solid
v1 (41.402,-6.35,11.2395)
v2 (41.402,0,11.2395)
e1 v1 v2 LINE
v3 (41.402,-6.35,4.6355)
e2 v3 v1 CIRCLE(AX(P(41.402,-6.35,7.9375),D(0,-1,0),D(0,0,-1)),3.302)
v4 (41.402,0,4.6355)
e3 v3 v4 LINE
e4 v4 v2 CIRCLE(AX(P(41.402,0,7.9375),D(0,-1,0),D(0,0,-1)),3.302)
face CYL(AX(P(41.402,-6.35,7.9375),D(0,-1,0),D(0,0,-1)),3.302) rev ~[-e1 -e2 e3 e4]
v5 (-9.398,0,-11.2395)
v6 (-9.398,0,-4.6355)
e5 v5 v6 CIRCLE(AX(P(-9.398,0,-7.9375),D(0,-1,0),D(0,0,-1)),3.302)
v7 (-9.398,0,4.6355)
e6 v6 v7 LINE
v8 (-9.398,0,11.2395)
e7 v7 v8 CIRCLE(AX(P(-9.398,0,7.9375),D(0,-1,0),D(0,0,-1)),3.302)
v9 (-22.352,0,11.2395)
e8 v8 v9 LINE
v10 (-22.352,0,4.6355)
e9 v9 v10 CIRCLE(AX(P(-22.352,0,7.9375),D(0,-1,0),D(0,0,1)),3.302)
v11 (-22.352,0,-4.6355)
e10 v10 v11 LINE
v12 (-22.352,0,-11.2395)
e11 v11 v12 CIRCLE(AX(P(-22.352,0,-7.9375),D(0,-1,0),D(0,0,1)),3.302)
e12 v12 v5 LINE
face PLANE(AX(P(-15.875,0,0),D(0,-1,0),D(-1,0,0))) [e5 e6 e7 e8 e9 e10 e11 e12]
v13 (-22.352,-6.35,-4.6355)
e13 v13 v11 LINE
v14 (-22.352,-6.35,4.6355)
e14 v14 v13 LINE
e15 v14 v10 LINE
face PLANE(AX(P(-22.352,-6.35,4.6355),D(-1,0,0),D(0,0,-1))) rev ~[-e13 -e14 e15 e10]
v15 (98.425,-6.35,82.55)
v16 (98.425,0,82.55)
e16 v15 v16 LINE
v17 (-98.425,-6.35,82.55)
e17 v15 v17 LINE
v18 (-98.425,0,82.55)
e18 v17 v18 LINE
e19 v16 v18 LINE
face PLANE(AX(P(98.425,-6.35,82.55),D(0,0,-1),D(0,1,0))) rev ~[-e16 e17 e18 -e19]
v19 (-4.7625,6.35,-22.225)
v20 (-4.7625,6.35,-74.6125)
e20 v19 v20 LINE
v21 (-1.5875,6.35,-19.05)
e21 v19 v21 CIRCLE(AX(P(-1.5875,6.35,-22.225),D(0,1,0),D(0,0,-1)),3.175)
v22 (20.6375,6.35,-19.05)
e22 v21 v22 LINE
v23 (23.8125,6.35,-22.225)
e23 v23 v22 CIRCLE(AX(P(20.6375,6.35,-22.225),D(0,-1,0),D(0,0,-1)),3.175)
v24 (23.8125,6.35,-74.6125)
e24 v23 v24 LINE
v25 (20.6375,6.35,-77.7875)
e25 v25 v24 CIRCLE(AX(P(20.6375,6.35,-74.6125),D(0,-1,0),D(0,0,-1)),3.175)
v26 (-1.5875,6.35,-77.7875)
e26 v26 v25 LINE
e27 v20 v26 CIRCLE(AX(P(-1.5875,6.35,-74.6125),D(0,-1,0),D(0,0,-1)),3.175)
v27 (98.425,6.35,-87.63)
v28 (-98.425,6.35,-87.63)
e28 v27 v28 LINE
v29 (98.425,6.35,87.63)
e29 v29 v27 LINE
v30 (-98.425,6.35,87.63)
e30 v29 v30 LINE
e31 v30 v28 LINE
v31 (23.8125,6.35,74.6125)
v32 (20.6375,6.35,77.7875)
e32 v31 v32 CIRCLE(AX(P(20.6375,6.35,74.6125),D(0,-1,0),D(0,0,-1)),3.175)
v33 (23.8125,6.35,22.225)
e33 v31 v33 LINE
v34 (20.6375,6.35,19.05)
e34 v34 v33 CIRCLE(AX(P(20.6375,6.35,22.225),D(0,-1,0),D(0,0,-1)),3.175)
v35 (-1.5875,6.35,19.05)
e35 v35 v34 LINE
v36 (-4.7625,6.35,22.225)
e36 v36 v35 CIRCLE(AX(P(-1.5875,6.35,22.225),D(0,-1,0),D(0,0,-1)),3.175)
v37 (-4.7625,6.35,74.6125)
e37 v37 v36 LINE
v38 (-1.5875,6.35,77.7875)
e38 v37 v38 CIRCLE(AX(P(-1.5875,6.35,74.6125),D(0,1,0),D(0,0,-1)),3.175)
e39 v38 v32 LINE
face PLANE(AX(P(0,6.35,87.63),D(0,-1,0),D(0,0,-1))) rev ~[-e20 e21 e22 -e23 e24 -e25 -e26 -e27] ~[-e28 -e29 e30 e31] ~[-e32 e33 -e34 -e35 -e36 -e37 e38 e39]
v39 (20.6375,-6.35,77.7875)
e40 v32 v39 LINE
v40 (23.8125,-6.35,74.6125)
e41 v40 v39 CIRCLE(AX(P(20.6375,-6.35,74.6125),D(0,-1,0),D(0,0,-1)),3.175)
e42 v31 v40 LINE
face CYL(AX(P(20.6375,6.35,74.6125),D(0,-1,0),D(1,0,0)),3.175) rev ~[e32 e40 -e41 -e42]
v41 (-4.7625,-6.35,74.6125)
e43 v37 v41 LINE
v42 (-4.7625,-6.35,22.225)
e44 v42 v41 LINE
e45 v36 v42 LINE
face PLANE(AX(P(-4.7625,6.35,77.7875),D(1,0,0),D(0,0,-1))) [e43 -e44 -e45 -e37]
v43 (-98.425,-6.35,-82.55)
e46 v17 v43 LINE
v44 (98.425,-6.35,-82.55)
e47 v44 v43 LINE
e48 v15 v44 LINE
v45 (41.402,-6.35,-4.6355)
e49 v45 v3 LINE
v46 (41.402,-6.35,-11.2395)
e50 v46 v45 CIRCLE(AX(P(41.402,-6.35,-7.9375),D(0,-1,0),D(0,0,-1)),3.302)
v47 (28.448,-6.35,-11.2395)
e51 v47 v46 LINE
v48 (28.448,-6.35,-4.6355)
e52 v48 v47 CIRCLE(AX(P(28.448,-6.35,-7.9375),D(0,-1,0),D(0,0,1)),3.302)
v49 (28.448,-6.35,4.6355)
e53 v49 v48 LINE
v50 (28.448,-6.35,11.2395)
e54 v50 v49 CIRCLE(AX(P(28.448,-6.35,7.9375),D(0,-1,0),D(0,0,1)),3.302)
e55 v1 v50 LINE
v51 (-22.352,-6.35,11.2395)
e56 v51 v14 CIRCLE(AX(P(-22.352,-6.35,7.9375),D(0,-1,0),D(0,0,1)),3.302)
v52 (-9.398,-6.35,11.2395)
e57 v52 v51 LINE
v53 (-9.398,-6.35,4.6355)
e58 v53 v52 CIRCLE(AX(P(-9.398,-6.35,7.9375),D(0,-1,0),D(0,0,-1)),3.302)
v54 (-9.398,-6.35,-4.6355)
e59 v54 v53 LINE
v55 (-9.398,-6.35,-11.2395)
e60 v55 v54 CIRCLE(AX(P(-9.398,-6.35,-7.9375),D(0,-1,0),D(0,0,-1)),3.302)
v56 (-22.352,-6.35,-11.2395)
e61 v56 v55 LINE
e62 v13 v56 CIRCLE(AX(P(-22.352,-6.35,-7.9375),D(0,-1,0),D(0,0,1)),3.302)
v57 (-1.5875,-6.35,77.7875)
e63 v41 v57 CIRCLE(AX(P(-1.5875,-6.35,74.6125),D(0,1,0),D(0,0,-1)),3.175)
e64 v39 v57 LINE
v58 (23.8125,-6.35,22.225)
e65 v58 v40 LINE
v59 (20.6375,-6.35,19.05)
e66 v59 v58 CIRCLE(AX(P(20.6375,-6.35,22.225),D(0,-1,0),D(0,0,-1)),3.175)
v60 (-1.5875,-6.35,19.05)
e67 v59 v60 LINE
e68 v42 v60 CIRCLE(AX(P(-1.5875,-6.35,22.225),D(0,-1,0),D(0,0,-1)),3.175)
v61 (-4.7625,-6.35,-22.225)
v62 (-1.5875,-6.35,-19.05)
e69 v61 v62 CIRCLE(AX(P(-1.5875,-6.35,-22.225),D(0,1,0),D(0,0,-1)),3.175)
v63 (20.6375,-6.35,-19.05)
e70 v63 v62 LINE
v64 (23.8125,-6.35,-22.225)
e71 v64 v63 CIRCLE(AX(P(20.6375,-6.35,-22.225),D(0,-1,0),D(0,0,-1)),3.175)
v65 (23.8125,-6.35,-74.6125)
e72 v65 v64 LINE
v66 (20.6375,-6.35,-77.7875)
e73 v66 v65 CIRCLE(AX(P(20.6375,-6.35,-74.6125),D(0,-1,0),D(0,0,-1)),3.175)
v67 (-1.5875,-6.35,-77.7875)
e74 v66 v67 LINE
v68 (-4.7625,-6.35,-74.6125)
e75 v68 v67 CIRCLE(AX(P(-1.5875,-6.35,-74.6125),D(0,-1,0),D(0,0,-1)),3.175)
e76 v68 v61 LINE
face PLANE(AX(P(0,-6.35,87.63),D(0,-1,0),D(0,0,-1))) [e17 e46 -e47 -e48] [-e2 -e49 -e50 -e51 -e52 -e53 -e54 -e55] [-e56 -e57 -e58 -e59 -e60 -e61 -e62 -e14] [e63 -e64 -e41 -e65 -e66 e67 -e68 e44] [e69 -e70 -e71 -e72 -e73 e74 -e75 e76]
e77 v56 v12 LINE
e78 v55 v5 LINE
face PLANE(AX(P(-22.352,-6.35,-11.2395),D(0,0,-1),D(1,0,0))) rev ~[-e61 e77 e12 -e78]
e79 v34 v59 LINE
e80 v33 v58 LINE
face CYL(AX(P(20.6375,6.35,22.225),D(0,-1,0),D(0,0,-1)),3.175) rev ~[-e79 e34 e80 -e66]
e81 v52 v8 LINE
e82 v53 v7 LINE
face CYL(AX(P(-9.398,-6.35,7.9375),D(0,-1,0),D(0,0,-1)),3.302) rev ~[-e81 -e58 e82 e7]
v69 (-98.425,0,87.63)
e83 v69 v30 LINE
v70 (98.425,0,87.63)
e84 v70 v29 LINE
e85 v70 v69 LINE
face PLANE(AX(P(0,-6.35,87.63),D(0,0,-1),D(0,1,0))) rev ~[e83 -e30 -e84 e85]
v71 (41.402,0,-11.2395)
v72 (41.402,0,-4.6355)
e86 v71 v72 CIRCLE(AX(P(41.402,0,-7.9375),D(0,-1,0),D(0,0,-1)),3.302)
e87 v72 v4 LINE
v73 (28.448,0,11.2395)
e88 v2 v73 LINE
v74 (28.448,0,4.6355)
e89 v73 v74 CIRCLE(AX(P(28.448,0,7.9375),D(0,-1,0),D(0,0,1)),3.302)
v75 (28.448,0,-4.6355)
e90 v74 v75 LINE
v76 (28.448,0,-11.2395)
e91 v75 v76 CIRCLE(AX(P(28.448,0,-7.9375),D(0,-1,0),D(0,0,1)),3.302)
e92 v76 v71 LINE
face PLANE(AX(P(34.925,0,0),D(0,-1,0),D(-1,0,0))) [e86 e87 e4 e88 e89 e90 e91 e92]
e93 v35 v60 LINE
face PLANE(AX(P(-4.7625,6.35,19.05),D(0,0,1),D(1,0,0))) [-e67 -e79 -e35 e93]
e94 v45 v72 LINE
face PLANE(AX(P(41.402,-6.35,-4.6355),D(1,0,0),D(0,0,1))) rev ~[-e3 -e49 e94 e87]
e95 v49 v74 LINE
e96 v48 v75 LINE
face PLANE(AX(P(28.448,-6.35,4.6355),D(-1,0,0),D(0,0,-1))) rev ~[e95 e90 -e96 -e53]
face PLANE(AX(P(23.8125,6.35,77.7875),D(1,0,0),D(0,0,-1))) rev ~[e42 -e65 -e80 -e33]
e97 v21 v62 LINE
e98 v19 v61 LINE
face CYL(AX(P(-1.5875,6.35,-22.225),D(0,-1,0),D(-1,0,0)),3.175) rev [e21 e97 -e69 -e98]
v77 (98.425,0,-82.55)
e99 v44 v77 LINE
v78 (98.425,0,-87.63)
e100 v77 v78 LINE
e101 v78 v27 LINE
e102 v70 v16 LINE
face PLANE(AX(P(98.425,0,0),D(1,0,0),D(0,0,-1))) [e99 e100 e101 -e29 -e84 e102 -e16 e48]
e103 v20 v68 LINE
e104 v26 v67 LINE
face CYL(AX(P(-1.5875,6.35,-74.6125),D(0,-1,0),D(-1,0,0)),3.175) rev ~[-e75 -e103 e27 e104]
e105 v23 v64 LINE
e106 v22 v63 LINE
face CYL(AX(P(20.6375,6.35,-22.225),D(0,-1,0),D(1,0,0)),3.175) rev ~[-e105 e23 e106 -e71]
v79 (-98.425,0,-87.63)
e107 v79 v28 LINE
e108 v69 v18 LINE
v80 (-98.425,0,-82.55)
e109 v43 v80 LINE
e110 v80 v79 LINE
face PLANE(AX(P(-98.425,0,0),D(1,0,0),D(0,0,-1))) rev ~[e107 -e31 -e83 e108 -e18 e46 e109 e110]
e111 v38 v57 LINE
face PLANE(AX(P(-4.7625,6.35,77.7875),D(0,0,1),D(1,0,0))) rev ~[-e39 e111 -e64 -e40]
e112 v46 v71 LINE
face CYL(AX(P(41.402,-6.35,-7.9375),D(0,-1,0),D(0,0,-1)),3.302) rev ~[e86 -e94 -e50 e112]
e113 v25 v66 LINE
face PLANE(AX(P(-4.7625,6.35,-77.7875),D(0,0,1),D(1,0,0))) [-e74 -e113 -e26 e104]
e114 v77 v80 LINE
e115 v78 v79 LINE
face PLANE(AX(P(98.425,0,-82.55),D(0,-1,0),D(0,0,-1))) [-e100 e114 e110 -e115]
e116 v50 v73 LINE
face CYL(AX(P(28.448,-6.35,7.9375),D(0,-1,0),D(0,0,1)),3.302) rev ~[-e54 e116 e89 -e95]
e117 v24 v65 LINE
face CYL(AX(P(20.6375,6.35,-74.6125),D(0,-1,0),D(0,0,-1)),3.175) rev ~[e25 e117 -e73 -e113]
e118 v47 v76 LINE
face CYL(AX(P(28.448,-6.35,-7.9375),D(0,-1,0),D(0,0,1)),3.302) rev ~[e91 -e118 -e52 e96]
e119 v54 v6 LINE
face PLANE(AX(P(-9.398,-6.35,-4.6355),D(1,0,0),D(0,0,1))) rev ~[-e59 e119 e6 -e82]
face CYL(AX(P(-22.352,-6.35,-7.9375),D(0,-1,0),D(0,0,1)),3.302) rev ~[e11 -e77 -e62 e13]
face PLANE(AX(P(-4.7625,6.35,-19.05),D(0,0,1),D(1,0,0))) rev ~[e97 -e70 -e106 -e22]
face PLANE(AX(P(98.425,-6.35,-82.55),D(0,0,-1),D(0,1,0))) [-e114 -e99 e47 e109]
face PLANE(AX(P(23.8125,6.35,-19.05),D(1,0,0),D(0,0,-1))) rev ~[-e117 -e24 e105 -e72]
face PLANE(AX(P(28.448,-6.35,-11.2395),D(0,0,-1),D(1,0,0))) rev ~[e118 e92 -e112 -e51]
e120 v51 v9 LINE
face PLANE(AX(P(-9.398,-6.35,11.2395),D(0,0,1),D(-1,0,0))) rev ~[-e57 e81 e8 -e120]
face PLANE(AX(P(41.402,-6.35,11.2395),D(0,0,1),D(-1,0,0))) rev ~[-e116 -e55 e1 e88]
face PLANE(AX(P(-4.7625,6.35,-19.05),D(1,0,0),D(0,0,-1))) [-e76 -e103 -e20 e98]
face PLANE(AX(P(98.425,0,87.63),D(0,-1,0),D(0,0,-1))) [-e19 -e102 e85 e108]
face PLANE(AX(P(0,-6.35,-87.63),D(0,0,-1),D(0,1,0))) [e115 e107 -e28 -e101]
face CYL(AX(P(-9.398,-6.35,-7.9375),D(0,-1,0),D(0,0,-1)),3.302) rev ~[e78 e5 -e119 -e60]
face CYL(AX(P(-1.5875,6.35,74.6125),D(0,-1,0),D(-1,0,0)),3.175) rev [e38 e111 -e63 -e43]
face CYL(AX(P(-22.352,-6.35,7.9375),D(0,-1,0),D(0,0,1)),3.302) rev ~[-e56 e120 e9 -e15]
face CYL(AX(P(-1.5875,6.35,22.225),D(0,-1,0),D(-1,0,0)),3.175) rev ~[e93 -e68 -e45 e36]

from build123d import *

# Parameters (mm, degrees)
SKETCH1_W           = 175.26
SKETCH1_H           = 12.7
BOSS_EXTRUDE1_DEPTH = 98.425
SKETCH2_W           = 5.08
SKETCH2_H           = 6.35
CUT_EXTRUDE1_DEPTH  = 216.567302483
CUT_EXTRUDE2_DEPTH  = 6.35
SKETCH5_W           = 28.575
SKETCH5_H           = 58.7375
CUT_EXTRUDE4_DEPTH  = 133.392550867
FILLET1_R           = 3.175


with BuildPart() as part:
    # Sketch1 → Boss-Extrude1 (new, symmetric)
    with BuildSketch(Plane(origin=(0, 0, 0), x_dir=(0, 0, -1), z_dir=(1, 0, 0))):
        Rectangle(SKETCH1_W, SKETCH1_H)
    extrude(amount=BOSS_EXTRUDE1_DEPTH, both=True)

    # Sketch2 → Cut-Extrude1 (cut, through all)
    with BuildSketch(Plane(origin=(98.425, 0, 0), x_dir=(0, 0, -1), z_dir=(1, 0, 0))):
        with Locations((-85.09, -3.175)):
            Rectangle(SKETCH2_W, SKETCH2_H)
        with Locations((85.09, -3.175)):
            Rectangle(SKETCH2_W, SKETCH2_H)
    extrude(amount=-CUT_EXTRUDE1_DEPTH, mode=Mode.SUBTRACT)

    # Sketch3 → Cut-Extrude2 (cut)
    with BuildSketch(Plane(origin=(0, -6.35, 0), x_dir=(1, 0, 0), z_dir=(0, 1, 0))):
        with BuildLine():
            Line((28.448, 11.2395), (41.402, 11.2395))
            ThreePointArc((41.402, 11.2395), (44.704, 7.9375), (41.402, 4.6355))
            Line((41.402, 4.6355), (41.402, -4.6355))
            ThreePointArc((41.402, -4.6355), (44.704, -7.9375), (41.402, -11.2395))
            Line((41.402, -11.2395), (28.448, -11.2395))
            ThreePointArc((28.448, -11.2395), (25.146, -7.9375), (28.448, -4.6355))
            Line((28.448, -4.6355), (28.448, 4.6355))
            ThreePointArc((28.448, 4.6355), (25.146, 7.9375), (28.448, 11.2395))
        make_face()
        with BuildLine():
            Line((-22.352, 11.2395), (-9.398, 11.2395))
            ThreePointArc((-9.398, 11.2395), (-6.096, 7.9375), (-9.398, 4.6355))
            Line((-9.398, 4.6355), (-9.398, -4.6355))
            ThreePointArc((-9.398, -4.6355), (-6.096, -7.9375), (-9.398, -11.2395))
            Line((-9.398, -11.2395), (-22.352, -11.2395))
            ThreePointArc((-22.352, -11.2395), (-25.654, -7.9375), (-22.352, -4.6355))
            Line((-22.352, -4.6355), (-22.352, 4.6355))
            ThreePointArc((-22.352, 4.6355), (-25.654, 7.9375), (-22.352, 11.2395))
        make_face()
    extrude(amount=CUT_EXTRUDE2_DEPTH, mode=Mode.SUBTRACT)

    # Sketch5 → Cut-Extrude4 (cut, through all)
    with BuildSketch(Plane(origin=(0, 6.35, 0), x_dir=(1, 0, 0), z_dir=(0, 1, 0))):
        with Locations((9.525, -48.41875)):
            Rectangle(SKETCH5_W, SKETCH5_H)
        with Locations((9.525, 48.41875)):
            Rectangle(SKETCH5_W, SKETCH5_H)
    extrude(amount=-CUT_EXTRUDE4_DEPTH, mode=Mode.SUBTRACT)

    # Fillet1
    fillet1_edges = [part.edges().sort_by_distance(p)[0] for p in [
        (-4.7625, 0, -19.05),
        (-4.7625, 0, -77.7875),
        (23.8125, 0, -77.7875),
        (23.8125, 0, -19.05),
        (-4.7625, 0, 77.7875),
        (-4.7625, 0, 19.05),
        (23.8125, 0, 19.05),
        (23.8125, 0, 77.7875),
    ]]
    fillet(fillet1_edges, radius=FILLET1_R)


solid = part.part
